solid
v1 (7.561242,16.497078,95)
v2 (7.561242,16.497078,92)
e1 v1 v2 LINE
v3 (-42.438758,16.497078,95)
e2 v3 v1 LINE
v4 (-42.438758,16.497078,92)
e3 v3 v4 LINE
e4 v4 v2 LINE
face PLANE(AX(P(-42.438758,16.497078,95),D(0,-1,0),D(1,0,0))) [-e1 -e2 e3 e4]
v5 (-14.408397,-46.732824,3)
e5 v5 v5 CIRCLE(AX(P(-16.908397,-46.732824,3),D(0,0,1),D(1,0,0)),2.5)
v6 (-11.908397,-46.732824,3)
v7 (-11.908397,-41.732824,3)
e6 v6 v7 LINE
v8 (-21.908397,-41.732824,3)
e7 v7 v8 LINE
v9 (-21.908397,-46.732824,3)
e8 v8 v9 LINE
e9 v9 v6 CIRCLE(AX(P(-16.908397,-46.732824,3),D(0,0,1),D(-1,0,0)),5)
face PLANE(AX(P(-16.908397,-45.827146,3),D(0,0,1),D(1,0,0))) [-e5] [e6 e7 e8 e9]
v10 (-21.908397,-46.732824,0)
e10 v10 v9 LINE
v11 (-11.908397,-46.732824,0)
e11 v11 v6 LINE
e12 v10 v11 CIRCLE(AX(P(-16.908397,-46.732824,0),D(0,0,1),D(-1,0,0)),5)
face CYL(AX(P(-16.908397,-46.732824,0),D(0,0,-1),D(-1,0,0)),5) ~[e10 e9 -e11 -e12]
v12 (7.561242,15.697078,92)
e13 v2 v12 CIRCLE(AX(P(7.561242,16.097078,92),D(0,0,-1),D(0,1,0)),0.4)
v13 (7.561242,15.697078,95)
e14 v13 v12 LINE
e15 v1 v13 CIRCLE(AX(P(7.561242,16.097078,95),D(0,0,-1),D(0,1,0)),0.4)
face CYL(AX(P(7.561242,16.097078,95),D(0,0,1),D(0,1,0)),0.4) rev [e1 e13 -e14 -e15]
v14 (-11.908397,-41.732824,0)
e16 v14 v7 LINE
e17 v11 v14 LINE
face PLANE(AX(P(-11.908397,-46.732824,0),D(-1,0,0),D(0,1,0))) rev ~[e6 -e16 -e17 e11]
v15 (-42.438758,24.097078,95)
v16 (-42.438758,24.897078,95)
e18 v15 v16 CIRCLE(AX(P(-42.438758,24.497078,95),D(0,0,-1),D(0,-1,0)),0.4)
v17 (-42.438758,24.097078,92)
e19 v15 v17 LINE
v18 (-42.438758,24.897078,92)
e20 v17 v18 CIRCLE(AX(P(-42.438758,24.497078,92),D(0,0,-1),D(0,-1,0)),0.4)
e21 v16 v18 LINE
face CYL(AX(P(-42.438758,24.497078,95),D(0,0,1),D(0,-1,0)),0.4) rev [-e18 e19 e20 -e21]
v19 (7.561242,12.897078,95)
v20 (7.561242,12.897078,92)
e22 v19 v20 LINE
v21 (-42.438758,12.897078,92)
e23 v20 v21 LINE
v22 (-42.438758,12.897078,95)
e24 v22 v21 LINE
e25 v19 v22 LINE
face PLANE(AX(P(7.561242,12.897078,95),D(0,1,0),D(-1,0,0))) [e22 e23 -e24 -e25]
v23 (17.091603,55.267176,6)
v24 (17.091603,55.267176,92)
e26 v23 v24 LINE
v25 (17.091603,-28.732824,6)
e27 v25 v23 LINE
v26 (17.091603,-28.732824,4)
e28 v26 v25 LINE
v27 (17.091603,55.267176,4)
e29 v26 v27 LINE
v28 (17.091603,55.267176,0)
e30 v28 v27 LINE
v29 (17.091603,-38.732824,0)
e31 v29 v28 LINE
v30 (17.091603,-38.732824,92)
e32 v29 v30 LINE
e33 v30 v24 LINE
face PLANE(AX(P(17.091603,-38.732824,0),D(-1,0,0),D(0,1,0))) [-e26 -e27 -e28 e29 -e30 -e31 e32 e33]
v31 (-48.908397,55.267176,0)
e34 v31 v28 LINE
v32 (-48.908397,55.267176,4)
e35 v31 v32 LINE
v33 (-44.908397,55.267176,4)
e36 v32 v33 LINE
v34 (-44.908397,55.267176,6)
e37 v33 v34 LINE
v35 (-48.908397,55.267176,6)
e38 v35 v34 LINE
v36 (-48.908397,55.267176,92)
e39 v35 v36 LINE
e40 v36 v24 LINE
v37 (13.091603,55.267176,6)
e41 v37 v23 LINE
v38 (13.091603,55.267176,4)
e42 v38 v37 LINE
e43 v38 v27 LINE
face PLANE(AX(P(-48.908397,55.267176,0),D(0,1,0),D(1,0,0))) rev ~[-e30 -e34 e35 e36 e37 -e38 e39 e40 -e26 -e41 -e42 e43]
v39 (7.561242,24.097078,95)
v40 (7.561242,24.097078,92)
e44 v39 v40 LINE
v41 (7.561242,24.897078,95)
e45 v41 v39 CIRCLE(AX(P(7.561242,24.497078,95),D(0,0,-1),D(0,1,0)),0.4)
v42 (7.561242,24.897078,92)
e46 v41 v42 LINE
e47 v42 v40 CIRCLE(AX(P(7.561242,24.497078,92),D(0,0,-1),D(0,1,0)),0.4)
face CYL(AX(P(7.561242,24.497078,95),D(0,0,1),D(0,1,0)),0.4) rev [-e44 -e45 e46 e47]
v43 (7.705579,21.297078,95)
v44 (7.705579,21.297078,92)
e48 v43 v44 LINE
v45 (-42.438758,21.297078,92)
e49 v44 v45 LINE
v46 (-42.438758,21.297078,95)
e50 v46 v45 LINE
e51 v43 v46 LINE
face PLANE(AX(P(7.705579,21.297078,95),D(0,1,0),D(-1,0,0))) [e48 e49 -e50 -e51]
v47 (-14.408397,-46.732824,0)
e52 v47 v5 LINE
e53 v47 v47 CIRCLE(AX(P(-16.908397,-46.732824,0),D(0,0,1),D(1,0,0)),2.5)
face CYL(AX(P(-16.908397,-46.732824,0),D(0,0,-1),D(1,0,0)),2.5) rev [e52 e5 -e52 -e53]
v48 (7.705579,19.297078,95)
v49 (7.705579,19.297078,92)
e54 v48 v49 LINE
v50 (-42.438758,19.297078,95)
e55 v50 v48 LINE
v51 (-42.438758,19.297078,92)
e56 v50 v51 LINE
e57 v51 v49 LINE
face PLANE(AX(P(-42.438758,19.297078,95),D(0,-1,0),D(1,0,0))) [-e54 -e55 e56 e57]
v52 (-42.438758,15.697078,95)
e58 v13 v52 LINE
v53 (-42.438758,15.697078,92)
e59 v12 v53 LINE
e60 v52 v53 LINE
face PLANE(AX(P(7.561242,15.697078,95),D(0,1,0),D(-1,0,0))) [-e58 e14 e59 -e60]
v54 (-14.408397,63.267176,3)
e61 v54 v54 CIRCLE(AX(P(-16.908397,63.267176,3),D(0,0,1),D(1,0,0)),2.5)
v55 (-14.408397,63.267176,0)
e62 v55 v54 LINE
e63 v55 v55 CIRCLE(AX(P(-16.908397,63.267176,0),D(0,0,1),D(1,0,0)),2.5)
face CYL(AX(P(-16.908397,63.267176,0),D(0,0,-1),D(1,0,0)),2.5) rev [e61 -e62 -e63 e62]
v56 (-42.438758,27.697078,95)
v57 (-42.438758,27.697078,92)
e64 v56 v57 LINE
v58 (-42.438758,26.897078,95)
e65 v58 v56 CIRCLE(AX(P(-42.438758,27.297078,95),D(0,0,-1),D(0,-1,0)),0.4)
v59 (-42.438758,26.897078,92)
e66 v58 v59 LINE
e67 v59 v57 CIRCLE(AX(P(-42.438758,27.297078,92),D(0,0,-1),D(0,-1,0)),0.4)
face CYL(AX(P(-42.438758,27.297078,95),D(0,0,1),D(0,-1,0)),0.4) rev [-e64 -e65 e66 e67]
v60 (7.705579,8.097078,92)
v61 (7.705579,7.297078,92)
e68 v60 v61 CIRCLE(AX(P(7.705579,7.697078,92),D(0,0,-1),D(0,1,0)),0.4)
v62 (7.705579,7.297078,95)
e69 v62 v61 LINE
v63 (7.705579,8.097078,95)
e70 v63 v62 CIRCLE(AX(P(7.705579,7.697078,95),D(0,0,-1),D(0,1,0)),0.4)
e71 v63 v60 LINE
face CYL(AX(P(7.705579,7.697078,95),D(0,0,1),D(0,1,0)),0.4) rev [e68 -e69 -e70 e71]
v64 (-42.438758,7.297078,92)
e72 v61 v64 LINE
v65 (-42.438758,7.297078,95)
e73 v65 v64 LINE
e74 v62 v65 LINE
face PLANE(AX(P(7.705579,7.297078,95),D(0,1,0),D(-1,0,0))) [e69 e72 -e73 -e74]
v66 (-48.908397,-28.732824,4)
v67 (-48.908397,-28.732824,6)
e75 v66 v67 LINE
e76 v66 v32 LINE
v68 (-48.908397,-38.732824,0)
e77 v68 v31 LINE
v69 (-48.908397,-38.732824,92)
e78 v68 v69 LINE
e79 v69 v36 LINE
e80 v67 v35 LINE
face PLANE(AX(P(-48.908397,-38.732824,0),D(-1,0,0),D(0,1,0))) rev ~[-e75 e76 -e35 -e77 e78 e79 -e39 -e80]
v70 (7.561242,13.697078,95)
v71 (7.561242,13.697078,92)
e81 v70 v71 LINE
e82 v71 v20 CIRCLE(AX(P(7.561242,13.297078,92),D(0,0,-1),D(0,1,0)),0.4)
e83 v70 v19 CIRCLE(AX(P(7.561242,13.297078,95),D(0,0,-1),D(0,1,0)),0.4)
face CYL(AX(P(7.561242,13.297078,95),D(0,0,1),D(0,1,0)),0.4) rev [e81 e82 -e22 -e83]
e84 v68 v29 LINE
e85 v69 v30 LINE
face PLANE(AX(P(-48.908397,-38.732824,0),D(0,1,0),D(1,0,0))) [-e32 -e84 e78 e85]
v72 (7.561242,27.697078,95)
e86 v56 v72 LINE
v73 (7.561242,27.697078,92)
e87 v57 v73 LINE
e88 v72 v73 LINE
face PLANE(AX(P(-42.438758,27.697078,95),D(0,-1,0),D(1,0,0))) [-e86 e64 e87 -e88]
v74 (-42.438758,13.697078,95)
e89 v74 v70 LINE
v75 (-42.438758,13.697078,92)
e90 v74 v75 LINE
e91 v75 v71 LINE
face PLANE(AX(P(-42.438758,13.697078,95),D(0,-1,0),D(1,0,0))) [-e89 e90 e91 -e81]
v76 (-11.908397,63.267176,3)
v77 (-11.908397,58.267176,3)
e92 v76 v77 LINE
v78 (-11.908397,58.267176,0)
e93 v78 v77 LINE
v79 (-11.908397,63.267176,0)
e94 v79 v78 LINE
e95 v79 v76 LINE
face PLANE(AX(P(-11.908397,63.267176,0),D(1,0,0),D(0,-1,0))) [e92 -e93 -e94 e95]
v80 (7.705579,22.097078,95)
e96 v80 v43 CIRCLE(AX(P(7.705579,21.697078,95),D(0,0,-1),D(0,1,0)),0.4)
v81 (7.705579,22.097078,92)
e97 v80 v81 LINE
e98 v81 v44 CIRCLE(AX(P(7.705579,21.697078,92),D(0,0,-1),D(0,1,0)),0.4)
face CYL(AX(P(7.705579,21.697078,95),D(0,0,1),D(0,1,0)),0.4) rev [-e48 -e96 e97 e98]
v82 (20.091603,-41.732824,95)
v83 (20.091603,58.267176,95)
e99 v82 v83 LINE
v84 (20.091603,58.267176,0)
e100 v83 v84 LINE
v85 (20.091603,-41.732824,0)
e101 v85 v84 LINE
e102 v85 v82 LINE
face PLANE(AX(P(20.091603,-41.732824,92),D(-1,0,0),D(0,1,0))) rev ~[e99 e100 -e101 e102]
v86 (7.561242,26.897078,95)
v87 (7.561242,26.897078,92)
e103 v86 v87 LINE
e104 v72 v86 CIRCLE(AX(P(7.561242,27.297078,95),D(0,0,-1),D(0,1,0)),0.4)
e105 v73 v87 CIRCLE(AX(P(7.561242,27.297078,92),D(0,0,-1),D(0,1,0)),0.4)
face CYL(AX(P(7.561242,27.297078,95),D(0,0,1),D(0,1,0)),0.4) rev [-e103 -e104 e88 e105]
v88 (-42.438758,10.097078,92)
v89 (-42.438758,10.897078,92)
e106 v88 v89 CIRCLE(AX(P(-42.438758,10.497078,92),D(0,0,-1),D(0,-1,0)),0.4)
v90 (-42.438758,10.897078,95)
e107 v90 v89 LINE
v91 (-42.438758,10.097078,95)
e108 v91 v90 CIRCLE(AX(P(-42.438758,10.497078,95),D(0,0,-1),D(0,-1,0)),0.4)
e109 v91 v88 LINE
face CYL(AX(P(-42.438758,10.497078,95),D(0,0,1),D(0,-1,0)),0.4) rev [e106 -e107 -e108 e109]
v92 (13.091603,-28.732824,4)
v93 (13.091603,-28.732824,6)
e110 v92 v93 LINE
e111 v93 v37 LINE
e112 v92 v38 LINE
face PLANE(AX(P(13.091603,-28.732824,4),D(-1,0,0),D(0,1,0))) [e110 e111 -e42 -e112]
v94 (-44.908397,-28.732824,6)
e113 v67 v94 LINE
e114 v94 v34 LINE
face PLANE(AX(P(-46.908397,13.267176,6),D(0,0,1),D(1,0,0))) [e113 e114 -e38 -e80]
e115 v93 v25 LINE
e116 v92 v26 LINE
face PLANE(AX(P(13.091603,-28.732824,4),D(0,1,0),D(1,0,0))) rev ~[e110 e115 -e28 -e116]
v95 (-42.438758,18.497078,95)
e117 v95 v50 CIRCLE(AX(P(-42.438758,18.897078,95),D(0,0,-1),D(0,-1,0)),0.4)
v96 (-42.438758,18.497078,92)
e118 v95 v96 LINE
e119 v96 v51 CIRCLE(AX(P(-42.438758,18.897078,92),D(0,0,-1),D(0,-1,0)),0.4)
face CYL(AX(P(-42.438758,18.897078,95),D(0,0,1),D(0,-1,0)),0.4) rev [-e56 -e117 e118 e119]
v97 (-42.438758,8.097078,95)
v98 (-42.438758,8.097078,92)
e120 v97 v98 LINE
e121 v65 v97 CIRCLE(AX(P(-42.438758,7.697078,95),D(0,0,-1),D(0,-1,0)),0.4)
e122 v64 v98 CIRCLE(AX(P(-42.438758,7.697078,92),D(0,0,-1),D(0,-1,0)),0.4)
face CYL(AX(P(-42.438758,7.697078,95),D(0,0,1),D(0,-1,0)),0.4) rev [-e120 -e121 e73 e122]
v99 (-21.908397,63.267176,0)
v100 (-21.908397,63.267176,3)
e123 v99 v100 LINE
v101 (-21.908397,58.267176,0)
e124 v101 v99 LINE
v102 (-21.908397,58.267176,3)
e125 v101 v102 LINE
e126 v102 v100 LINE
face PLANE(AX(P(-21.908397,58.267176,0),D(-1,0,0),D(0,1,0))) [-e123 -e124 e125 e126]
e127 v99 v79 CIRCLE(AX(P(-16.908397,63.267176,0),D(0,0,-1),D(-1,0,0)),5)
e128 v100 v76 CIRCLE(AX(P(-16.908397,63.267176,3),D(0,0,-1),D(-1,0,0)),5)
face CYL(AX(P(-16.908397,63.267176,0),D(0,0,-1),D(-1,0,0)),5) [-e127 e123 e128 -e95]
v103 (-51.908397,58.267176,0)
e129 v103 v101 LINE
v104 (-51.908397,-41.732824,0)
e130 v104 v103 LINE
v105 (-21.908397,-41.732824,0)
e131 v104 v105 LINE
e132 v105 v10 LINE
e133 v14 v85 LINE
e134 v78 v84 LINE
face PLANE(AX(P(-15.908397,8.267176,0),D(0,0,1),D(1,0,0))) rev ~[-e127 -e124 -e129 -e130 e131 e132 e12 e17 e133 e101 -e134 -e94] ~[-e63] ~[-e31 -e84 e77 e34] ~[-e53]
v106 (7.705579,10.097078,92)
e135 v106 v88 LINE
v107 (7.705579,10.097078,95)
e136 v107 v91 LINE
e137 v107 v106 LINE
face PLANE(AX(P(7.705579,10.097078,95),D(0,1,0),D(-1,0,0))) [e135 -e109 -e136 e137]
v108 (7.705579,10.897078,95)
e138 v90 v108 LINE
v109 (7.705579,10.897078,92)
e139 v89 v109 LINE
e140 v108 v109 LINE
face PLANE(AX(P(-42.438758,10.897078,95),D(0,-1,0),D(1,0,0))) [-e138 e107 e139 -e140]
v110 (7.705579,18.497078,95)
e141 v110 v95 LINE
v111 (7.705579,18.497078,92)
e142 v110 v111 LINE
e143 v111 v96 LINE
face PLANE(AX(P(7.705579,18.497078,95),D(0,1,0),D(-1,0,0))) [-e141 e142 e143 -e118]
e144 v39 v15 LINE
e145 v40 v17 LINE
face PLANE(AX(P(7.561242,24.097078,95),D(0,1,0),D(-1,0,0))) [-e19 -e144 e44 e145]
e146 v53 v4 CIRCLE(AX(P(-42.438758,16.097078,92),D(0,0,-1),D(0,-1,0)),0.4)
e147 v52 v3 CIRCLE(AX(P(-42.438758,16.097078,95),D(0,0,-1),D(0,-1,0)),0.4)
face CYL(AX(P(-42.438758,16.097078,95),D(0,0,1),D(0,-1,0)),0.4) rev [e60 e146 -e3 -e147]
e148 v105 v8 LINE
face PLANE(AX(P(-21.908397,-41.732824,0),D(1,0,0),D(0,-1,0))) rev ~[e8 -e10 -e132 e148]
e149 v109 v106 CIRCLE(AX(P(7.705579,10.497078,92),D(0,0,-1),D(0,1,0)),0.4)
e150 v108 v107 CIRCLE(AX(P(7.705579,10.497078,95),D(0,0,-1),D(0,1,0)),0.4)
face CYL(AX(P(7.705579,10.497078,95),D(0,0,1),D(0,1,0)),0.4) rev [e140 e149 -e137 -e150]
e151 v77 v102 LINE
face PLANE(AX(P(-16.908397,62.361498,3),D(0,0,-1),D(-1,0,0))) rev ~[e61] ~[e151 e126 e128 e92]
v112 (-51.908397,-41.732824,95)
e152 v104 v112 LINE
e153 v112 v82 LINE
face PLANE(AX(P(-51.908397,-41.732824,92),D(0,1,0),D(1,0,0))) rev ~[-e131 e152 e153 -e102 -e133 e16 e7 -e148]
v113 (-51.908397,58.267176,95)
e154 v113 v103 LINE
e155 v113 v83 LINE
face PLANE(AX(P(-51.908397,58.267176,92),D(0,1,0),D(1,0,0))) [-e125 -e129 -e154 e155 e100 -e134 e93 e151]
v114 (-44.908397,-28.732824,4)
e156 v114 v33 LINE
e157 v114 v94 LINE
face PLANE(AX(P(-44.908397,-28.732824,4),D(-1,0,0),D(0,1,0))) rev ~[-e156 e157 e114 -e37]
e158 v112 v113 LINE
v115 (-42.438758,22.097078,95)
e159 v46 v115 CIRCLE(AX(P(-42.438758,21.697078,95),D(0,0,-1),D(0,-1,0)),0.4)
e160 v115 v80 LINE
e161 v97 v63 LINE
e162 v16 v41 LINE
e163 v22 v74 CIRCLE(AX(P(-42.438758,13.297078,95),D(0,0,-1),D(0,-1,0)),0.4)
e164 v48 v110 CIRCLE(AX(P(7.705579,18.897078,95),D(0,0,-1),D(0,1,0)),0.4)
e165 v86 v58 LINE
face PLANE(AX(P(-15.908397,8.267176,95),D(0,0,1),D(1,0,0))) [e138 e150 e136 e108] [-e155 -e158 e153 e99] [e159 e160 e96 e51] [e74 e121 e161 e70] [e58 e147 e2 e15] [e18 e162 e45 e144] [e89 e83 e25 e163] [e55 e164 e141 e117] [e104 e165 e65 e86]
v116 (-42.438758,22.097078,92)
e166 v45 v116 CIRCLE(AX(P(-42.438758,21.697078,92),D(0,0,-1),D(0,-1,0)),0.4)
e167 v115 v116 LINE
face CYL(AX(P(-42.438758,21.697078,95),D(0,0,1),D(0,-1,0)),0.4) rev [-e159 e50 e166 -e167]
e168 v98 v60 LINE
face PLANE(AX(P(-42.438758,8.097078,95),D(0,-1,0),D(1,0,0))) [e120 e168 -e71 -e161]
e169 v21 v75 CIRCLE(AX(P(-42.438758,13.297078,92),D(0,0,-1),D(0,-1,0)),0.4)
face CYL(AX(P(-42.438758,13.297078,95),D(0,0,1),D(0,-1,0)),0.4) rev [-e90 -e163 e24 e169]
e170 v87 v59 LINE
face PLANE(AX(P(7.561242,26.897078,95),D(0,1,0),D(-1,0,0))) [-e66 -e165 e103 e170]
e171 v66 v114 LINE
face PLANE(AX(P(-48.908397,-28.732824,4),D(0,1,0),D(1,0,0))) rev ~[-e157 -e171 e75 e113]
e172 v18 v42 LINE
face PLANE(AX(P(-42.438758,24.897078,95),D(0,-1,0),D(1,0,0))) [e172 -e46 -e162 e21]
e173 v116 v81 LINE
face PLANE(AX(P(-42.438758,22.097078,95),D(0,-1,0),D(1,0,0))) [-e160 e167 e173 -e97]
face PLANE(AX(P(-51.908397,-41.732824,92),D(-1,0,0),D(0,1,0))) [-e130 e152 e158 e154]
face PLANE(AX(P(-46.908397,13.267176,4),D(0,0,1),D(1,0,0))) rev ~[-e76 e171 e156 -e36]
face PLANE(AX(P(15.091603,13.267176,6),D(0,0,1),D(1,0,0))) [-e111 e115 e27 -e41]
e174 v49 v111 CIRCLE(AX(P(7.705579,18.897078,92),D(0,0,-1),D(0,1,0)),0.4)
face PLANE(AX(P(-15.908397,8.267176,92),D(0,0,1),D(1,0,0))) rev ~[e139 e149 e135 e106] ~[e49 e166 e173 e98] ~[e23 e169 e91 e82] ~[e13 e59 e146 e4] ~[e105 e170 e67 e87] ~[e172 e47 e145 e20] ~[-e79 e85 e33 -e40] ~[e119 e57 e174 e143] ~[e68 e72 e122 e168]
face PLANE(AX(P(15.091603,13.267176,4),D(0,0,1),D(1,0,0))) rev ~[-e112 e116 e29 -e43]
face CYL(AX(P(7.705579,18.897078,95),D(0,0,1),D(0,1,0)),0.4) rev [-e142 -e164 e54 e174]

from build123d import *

# Parameters (mm, degrees)
ESBO_O1_W                = 72
ESBO_O1_H                = 100
ESBO_O1_W_2              = 66
ESBO_O1_H_2              = 94
RESSALTO_EXTRUS_O1_DEPTH = 92
ESBO_O2_W                = 72
ESBO_O2_H                = 100
RESSALTO_EXTRUS_O2_DEPTH = 3
RESSALTO_EXTRUS_O3_START = -95
ESBO_O3_R                = 2.5
RESSALTO_EXTRUS_O3_DEPTH = 3
CORTE_EXTRUS_O1_DEPTH    = 3
RESSALTO_EXTRUS_O4_START = 4
ESBO_O5_W                = 4
ESBO_O5_H                = 84
RESSALTO_EXTRUS_O4_DEPTH = 2


with BuildPart() as part:
    # Esboço1 → Ressalto-extrusão1 (new body)
    with BuildSketch(Plane.XY):
        with Locations((-15.908396947, 8.267175573)):
            Rectangle(ESBO_O1_W, ESBO_O1_H)
        with Locations((-15.908396947, 8.267175573)):
            Rectangle(ESBO_O1_W_2, ESBO_O1_H_2, mode=Mode.SUBTRACT)
    extrude(amount=RESSALTO_EXTRUS_O1_DEPTH)

    # Esboço2 → Ressalto-extrusão2 (add)
    with BuildSketch(Plane.XY.offset(92)):
        with Locations((-15.908396947, 8.267175573)):
            Rectangle(ESBO_O2_W, ESBO_O2_H)
    extrude(amount=RESSALTO_EXTRUS_O2_DEPTH)

    # Esboço3 → Ressalto-extrusão3 (add)
    # profile 1 of 2: a face of its own
    with BuildSketch(Plane.XY.offset(95).offset(RESSALTO_EXTRUS_O3_START)):
        with BuildLine():
            Line((-21.908396947, 58.267175573), (-21.908396947, 63.267175573))
            ThreePointArc((-21.908396947, 63.267175573), (-16.908396947, 68.267175573), (-11.908396947, 63.267175573))
            Line((-11.908396947, 63.267175573), (-11.908396947, 58.267175573))
            Line((-11.908396947, 58.267175573), (-21.908396947, 58.267175573))
        make_face()
        with Locations((-16.908396947, 63.267175573)):
            Circle(ESBO_O3_R, mode=Mode.SUBTRACT)
    # profile 2 of 2: a face of its own
    with BuildSketch(Plane.XY.offset(95).offset(RESSALTO_EXTRUS_O3_START)):
        with BuildLine():
            Line((-11.908396947, -46.732824427), (-11.908396947, -41.732824427))
            Line((-11.908396947, -41.732824427), (-21.908396947, -41.732824427))
            Line((-21.908396947, -41.732824427), (-21.908396947, -46.732824427))
            ThreePointArc((-21.908396947, -46.732824427), (-16.908396947, -51.732824427), (-11.908396947, -46.732824427))
        make_face()
        with Locations((-16.908396947, -46.732824427)):
            Circle(ESBO_O3_R, mode=Mode.SUBTRACT)
    extrude(amount=RESSALTO_EXTRUS_O3_DEPTH)

    # Esboço4 → Corte-extrusão1 (cut)
    with BuildSketch(Plane.XY.offset(95)):
        with BuildLine():
            Line((-42.438758468, 27.697077942), (7.561241532, 27.697077942))
            ThreePointArc((7.561241532, 27.697077942), (7.961241532, 27.297077942), (7.561241532, 26.897077942))
            Line((7.561241532, 26.897077942), (-42.438758468, 26.897077942))
            ThreePointArc((-42.438758468, 26.897077942), (-42.838758468, 27.297077942), (-42.438758468, 27.697077942))
        make_face()
        with BuildLine():
            Line((-42.438758468, 24.897077942), (7.561241532, 24.897077942))
            ThreePointArc((7.561241532, 24.897077942), (7.961241532, 24.497077942), (7.561241532, 24.097077942))
            Line((7.561241532, 24.097077942), (-42.438758468, 24.097077942))
            ThreePointArc((-42.438758468, 24.097077942), (-42.838758468, 24.497077942), (-42.438758468, 24.897077942))
        make_face()
        with BuildLine():
            Line((-42.438758468, 22.097077942), (7.705579096, 22.097077942))
            ThreePointArc((7.705579096, 22.097077942), (8.105579096, 21.697077942), (7.705579096, 21.297077942))
            Line((7.705579096, 21.297077942), (-42.438758468, 21.297077942))
            ThreePointArc((-42.438758468, 21.297077942), (-42.838758468, 21.697077942), (-42.438758468, 22.097077942))
        make_face()
        with BuildLine():
            Line((-42.438758468, 19.297077942), (7.705579096, 19.297077942))
            ThreePointArc((7.705579096, 19.297077942), (8.105579096, 18.897077942), (7.705579096, 18.497077942))
            Line((7.705579096, 18.497077942), (-42.438758468, 18.497077942))
            ThreePointArc((-42.438758468, 18.497077942), (-42.838758468, 18.897077942), (-42.438758468, 19.297077942))
        make_face()
        with BuildLine():
            Line((-42.438758468, 16.497077942), (7.561241532, 16.497077942))
            ThreePointArc((7.561241532, 16.497077942), (7.961241532, 16.097077942), (7.561241532, 15.697077942))
            Line((7.561241532, 15.697077942), (-42.438758468, 15.697077942))
            ThreePointArc((-42.438758468, 15.697077942), (-42.838758468, 16.097077942), (-42.438758468, 16.497077942))
        make_face()
        with BuildLine():
            Line((-42.438758468, 13.697077942), (7.561241532, 13.697077942))
            ThreePointArc((7.561241532, 13.697077942), (7.961241532, 13.297077942), (7.561241532, 12.897077942))
            Line((7.561241532, 12.897077942), (-42.438758468, 12.897077942))
            ThreePointArc((-42.438758468, 12.897077942), (-42.838758468, 13.297077942), (-42.438758468, 13.697077942))
        make_face()
        with BuildLine():
            Line((-42.438758468, 10.897077942), (7.705579175, 10.897077942))
            ThreePointArc((7.705579175, 10.897077942), (8.105579175, 10.497077942), (7.705579175, 10.097077942))
            Line((7.705579175, 10.097077942), (-42.438758468, 10.097077942))
            ThreePointArc((-42.438758468, 10.097077942), (-42.838758468, 10.497077942), (-42.438758468, 10.897077942))
        make_face()
        with BuildLine():
            Line((-42.438758468, 8.097077942), (7.705579175, 8.097077942))
            ThreePointArc((7.705579175, 8.097077942), (8.105579175, 7.697077942), (7.705579175, 7.297077942))
            Line((7.705579175, 7.297077942), (-42.438758468, 7.297077942))
            ThreePointArc((-42.438758468, 7.297077942), (-42.838758468, 7.697077942), (-42.438758468, 8.097077942))
        make_face()
    extrude(amount=-CORTE_EXTRUS_O1_DEPTH, mode=Mode.SUBTRACT)

    # Esboço5 → Ressalto-extrusão4 (add)
    with BuildSketch(Plane.XY.offset(RESSALTO_EXTRUS_O4_START)):
        with Locations((-46.908396947, 13.267175573)):
            Rectangle(ESBO_O5_W, ESBO_O5_H)
        with Locations((15.091603053, 13.267175573)):
            Rectangle(ESBO_O5_W, ESBO_O5_H)
    extrude(amount=RESSALTO_EXTRUS_O4_DEPTH)


solid = part.part
